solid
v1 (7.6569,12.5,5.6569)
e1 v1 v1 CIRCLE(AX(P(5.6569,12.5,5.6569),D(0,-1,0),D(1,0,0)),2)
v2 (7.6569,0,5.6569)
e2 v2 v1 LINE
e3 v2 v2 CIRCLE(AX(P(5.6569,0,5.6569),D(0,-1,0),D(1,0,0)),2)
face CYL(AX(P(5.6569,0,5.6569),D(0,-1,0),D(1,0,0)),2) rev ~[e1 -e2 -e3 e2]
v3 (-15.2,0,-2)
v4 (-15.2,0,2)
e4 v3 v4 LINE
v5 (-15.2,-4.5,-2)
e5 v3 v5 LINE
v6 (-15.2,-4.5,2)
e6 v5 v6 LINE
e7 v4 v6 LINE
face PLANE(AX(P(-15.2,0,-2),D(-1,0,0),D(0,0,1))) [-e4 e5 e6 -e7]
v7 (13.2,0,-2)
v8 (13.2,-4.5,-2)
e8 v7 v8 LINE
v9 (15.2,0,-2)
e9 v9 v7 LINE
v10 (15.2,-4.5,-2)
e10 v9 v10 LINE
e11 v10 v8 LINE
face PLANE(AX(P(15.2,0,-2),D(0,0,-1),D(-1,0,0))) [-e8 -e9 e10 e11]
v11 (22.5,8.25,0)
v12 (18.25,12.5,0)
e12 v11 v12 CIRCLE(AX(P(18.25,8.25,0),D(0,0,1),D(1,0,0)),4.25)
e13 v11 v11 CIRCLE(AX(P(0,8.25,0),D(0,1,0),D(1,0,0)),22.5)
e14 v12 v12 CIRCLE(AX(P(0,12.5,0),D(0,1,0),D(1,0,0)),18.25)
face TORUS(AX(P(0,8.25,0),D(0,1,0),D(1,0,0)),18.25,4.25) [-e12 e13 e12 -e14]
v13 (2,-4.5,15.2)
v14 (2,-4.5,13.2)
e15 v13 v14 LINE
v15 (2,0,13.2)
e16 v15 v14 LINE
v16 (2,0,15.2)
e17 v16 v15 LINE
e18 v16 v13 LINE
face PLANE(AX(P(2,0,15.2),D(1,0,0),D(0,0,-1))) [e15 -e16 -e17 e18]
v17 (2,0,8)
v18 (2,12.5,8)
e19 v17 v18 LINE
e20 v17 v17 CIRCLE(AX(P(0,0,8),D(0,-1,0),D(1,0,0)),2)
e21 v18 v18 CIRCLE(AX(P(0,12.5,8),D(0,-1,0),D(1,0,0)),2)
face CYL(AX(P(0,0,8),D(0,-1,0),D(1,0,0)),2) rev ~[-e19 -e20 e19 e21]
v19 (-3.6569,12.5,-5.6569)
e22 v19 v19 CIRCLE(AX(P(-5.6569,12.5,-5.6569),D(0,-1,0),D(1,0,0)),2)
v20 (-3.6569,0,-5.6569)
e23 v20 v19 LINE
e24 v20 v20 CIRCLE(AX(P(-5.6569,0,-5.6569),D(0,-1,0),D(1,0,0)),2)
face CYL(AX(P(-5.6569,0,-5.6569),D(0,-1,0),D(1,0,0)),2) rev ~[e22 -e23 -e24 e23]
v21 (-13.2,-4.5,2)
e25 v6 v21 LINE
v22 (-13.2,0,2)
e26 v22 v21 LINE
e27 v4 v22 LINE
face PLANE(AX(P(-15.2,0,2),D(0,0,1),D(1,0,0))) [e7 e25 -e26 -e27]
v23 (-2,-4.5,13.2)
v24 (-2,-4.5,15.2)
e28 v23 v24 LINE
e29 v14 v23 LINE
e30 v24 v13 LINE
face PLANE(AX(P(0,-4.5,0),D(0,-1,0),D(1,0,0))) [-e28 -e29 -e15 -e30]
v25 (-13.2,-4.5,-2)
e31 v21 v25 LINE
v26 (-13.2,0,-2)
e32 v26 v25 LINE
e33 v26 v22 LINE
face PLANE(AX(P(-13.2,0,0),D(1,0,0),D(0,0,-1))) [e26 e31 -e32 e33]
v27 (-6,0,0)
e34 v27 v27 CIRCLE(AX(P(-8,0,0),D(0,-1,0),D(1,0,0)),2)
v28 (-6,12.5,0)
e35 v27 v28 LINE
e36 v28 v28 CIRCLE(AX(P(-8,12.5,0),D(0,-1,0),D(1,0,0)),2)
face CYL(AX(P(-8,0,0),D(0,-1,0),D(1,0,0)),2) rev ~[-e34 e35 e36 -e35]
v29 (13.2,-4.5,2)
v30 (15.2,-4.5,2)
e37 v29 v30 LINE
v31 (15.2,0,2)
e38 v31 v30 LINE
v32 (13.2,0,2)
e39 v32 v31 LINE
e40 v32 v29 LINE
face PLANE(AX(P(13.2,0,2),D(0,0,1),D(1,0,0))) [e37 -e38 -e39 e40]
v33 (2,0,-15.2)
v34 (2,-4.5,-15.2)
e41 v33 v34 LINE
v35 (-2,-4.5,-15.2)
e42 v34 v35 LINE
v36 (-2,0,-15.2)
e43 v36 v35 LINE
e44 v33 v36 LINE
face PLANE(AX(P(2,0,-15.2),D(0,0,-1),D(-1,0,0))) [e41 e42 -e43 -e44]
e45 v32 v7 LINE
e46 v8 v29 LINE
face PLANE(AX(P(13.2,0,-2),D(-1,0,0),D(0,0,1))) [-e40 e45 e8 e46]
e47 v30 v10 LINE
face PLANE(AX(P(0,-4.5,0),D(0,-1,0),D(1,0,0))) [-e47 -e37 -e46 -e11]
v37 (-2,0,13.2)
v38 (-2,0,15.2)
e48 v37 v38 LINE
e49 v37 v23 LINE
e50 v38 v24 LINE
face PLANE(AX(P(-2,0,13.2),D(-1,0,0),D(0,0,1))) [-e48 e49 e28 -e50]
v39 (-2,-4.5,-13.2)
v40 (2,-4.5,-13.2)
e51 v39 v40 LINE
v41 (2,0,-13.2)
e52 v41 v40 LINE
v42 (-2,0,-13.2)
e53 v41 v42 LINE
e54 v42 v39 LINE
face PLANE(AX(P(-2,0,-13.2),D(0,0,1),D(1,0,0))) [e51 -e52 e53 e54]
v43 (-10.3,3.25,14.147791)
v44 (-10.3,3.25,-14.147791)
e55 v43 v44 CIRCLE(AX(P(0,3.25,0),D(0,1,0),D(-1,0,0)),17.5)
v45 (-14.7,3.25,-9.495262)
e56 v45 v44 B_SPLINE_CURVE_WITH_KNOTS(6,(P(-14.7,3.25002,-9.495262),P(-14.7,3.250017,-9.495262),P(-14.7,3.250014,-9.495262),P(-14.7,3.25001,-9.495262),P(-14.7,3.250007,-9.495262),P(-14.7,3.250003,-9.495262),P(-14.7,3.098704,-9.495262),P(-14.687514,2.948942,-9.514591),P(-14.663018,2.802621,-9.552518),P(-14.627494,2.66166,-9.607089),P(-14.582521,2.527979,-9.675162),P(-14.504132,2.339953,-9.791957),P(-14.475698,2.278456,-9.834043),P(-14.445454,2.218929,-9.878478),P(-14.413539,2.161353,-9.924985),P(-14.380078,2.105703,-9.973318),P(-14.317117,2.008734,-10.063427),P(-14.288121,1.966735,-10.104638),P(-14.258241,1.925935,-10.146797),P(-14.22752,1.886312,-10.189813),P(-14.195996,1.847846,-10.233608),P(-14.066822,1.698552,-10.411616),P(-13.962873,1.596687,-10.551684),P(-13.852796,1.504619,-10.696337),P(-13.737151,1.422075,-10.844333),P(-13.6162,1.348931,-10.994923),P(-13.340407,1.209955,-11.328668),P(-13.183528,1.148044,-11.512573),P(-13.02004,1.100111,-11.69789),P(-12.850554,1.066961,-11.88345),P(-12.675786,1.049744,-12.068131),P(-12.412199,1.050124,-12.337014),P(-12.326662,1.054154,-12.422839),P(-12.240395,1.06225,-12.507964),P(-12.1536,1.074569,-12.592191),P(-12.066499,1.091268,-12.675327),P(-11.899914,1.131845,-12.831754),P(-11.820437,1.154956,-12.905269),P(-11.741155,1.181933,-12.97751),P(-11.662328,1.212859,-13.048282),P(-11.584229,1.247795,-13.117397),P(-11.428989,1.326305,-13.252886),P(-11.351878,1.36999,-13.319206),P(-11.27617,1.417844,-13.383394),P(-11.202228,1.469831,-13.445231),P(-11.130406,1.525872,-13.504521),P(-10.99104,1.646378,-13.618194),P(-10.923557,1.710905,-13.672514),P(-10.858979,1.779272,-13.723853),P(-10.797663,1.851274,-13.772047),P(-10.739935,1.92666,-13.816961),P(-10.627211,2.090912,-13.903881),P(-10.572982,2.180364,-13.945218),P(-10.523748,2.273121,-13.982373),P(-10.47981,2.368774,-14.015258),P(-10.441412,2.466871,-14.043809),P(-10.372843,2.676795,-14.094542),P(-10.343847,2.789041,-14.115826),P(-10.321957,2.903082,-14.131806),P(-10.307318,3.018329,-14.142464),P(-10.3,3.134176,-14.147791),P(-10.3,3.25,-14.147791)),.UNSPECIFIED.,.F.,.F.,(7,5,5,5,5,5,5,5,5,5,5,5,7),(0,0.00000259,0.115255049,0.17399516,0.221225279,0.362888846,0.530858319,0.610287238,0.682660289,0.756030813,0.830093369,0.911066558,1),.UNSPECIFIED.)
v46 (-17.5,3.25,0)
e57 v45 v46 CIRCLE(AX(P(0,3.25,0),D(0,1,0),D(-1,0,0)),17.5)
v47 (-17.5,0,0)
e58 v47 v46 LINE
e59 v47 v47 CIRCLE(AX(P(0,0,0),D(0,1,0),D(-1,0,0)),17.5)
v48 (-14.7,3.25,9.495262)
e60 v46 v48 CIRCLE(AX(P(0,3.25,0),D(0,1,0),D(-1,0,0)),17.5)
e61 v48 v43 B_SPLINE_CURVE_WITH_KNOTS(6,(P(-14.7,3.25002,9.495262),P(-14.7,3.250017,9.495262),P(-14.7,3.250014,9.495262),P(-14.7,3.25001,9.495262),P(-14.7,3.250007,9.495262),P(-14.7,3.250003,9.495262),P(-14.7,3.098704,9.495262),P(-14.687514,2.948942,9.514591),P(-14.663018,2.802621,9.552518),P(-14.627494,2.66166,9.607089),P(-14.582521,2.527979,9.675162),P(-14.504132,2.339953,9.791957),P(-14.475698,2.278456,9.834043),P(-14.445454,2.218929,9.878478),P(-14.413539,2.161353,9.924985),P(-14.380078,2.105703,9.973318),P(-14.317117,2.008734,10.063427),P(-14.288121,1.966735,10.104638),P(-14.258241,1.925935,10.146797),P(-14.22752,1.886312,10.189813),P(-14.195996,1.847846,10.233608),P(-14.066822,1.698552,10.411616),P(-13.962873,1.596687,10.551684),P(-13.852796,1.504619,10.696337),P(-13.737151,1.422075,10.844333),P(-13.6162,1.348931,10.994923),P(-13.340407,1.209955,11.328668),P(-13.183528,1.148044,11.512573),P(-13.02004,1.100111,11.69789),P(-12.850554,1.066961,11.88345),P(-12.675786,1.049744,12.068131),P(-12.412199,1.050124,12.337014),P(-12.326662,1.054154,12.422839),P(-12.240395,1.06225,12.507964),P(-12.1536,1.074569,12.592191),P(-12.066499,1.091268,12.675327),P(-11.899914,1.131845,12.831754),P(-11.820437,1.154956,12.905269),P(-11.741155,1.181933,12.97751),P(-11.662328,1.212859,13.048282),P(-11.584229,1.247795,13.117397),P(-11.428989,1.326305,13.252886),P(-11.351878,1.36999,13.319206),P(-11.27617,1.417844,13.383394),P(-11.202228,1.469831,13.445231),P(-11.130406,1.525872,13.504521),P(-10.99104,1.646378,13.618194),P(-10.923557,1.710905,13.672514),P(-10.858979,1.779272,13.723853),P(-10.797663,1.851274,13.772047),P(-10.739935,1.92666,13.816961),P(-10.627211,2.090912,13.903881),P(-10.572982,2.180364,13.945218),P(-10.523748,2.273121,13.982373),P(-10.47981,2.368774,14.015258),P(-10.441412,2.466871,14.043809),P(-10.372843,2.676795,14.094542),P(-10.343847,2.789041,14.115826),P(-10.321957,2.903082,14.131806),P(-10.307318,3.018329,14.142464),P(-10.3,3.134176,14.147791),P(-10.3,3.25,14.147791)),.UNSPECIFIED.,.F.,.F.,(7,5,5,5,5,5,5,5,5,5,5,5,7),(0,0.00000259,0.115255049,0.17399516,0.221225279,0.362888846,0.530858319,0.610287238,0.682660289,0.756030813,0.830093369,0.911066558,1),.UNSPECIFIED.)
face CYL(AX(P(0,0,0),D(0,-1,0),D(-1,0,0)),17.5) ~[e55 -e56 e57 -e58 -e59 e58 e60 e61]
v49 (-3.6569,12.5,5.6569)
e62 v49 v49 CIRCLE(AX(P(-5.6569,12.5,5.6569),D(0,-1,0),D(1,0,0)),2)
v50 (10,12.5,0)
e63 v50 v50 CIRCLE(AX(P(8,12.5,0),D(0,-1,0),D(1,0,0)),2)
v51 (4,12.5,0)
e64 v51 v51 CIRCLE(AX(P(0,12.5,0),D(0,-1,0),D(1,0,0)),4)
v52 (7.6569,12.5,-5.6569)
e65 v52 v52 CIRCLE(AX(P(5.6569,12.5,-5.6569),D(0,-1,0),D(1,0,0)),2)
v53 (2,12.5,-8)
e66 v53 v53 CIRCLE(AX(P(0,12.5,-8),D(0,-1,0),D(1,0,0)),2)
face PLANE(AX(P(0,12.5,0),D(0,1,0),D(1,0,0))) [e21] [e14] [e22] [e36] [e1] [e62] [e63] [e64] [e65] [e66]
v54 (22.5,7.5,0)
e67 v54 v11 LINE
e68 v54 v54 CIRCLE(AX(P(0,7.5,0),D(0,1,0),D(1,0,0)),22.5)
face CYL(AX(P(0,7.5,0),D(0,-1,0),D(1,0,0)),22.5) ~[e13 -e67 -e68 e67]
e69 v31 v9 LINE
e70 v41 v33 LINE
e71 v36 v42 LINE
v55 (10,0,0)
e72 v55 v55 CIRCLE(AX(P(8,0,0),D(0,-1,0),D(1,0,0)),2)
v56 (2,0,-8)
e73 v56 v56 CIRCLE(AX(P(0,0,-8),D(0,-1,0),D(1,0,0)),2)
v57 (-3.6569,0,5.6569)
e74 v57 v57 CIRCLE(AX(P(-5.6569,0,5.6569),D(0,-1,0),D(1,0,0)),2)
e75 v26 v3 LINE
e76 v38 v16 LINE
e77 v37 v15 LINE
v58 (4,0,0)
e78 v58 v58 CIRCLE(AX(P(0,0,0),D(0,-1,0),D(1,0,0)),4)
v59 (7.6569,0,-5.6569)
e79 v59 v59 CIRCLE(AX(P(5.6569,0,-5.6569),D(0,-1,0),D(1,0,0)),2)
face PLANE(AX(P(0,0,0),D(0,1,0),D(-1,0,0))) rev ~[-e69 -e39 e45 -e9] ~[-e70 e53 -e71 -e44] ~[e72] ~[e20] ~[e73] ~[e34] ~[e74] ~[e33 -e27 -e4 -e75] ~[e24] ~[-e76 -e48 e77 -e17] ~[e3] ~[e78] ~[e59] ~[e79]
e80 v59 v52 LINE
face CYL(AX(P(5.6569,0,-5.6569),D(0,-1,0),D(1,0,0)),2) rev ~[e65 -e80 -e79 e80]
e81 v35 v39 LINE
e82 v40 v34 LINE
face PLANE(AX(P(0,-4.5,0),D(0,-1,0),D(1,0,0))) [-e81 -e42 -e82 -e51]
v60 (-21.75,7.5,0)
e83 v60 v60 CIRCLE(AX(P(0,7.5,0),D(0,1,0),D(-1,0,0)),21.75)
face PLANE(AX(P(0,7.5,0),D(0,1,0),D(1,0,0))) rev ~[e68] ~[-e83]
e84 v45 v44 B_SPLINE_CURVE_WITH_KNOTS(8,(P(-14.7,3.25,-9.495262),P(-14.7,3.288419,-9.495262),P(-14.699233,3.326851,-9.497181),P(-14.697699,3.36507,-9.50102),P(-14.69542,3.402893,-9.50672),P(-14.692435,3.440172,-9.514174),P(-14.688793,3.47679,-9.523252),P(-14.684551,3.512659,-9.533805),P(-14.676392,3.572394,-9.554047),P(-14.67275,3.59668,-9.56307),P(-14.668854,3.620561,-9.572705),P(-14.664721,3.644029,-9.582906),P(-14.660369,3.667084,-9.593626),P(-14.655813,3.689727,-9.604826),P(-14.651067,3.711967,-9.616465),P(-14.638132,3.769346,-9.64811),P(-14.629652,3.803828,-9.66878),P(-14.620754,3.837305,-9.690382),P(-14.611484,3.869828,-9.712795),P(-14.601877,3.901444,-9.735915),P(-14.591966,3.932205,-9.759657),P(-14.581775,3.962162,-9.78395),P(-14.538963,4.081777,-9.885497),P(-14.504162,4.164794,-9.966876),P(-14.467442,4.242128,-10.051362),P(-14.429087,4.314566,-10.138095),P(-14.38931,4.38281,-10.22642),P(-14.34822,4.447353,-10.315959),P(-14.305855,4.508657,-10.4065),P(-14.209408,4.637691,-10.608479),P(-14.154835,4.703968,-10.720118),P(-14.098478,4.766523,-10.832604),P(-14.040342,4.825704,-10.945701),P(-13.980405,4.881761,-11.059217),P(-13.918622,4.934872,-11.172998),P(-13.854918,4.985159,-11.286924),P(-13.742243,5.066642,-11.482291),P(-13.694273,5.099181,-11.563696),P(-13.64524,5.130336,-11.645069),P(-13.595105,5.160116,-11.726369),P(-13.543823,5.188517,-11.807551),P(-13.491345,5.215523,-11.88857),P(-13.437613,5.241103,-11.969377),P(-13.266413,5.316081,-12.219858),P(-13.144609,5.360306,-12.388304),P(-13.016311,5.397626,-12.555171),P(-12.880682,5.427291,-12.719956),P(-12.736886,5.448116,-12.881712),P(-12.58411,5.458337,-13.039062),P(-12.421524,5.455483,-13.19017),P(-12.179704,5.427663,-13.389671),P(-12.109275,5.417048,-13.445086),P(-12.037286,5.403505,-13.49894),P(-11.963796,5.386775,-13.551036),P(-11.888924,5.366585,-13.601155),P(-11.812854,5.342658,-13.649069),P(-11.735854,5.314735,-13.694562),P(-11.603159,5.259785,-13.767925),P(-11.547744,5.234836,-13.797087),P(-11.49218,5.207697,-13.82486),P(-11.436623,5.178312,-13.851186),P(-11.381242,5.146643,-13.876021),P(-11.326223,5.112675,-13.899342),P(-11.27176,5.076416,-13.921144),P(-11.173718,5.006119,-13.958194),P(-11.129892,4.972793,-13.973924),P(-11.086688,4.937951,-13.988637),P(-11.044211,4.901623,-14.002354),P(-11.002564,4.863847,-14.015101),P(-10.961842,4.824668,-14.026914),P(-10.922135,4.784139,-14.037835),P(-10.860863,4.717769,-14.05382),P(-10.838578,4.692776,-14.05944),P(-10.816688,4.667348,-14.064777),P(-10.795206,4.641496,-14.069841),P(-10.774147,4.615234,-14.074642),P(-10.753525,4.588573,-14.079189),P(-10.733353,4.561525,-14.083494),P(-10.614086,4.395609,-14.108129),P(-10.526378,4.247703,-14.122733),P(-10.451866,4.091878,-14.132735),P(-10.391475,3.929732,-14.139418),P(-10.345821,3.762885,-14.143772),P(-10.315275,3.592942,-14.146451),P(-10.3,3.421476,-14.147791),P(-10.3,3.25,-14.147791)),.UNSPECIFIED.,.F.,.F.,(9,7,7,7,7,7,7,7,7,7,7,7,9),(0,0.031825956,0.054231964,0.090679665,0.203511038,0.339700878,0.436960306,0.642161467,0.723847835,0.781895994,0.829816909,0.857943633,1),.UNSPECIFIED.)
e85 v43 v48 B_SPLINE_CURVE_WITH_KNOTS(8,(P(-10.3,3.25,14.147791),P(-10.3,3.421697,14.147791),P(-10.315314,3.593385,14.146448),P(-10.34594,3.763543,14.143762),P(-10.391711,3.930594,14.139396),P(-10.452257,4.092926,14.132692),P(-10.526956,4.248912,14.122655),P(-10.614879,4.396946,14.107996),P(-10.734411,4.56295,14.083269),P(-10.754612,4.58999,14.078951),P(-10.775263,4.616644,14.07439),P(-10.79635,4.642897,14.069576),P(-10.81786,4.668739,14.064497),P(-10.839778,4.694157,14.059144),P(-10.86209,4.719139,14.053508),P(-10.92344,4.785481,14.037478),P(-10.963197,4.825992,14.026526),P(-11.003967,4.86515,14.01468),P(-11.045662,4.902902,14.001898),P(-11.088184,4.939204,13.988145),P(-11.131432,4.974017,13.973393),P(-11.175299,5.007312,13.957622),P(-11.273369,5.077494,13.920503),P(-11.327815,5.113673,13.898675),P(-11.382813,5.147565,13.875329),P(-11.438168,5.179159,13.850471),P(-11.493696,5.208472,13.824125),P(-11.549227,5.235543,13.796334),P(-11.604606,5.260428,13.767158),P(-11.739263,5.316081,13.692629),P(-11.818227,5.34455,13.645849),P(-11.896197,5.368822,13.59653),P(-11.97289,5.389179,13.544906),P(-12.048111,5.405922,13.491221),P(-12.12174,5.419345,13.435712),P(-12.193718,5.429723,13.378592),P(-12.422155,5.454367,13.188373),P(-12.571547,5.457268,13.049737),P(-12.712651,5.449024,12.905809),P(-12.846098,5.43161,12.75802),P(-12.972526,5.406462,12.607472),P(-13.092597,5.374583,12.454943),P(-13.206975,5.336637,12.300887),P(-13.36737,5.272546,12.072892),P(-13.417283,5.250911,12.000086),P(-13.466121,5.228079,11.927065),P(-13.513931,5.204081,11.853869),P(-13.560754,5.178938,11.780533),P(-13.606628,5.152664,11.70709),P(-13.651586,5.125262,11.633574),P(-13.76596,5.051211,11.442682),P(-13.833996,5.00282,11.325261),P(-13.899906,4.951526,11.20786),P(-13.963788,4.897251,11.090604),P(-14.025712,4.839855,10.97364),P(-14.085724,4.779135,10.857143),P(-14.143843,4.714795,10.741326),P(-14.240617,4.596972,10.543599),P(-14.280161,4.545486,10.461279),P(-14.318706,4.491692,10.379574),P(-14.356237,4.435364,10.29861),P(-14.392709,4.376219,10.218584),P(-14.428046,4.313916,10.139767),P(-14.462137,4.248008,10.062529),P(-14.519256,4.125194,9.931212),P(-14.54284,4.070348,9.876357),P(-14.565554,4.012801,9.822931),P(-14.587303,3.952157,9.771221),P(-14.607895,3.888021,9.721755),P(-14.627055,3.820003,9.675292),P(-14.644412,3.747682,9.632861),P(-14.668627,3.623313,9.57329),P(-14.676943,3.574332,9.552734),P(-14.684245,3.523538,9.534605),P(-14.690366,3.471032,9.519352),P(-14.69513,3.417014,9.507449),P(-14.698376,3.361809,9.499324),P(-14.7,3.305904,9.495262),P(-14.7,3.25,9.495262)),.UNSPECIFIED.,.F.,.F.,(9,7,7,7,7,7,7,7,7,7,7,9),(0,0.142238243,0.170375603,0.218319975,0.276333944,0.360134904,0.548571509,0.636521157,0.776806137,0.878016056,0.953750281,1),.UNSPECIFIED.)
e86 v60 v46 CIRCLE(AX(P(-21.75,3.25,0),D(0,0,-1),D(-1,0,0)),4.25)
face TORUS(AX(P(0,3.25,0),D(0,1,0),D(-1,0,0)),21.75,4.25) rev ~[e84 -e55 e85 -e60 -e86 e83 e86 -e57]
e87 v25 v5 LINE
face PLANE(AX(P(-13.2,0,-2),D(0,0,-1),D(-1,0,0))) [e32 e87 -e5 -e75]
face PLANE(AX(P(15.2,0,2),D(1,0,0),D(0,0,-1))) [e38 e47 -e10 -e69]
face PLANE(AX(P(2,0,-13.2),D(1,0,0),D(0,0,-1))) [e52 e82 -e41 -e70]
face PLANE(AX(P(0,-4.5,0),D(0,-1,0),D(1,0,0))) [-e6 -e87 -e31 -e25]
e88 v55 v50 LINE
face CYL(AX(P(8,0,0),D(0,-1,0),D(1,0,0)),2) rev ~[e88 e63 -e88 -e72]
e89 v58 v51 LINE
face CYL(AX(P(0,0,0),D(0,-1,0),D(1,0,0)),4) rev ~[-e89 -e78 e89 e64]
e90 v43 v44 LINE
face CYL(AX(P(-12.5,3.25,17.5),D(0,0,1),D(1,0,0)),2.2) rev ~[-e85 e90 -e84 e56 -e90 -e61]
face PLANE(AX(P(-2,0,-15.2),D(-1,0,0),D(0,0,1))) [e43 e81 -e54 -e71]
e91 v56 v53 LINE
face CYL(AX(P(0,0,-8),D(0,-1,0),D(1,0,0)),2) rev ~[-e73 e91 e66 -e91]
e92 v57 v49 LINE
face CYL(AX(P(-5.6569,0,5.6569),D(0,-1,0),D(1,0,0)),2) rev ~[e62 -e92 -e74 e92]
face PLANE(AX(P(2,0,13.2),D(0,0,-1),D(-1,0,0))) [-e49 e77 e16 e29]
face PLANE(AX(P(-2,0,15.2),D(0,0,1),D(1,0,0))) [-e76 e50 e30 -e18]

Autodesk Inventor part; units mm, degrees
ref_plane "YZ Plane" through (0, 0, 0) normal (1, 0, 0) x (0, 1, 0)
ref_plane "XZ Plane" through (0, 0, 0) normal (0, 1, 0) x (-1, 0, 0)
ref_plane "XY Plane" through (0, 0, 0) normal (0, 0, 1) x (1, 0, 0)
sketch "Эскиз1" plane through (0, 0, 0) normal (0, 1, 0) x (-1, 0, 0)
  circle A0 centre (0, 0) radius 17.5
  dimension "d0" = 35
extrude "Выдавливание1" add sketch "Эскиз1" along normal blind 7.5
sketch "Эскиз2" plane through (0, 7.5, 0) normal (0, 1, 0) x (1, 0, 0)
  circle A0 centre (0, 0) radius 22.5
  dimension "d3" = 45
extrude "Выдавливание2" add sketch "Эскиз2" along normal blind 5
fillet "Сопряжение1" radius 4.25 1 edges at (17.5, 7.5, 0)
fillet "Сопряжение2" radius 4.25 1 edges at (-22.5, 12.5, 0)
sketch "Эскиз3" plane through (0, 0, 0) normal (0, -1, 0) x (1, 0, 0)
  line L0 (-24.85, 5.95) -> (-15.15, 5.95)
  line L1 (-15.15, 5.95) -> (-15.15, -5.95)
  line L2 (-15.15, -5.95) -> (-24.85, -5.95)
  line L3 (-24.85, -5.95) -> (-24.85, 5.95)
  line L4 (-4.7, 15.3) -> (-4.7, 25)
  line L5 (-4.7, 25) -> (5, 25)
  line L6 (5, 25) -> (5, 15.3)
  line L7 (5, 15.3) -> (-4.7, 15.3)
  line L8 (5, -15.3) -> (5, -25)
  line L9 (5, -25) -> (-4.7, -25)
  line L10 (-4.7, -25) -> (-4.7, -15.3)
  line L11 (-4.7, -15.3) -> (5, -15.3)
  line L12 (15.15, 5.95) -> (24.85, 5.95)
  line L13 (24.85, 5.95) -> (24.85, -5.95)
  line L14 (24.85, -5.95) -> (15.15, -5.95)
  line L15 (15.15, -5.95) -> (15.15, 5.95)
  circle A0 centre (0, 8) radius 2
  circle A1 centre (-5.6569, -5.6569) radius 2
  circle A2 centre (0, -8) radius 2
  circle A3 centre (0, 0) radius 4
  circle A4 centre (8, 0) radius 2
  circle A5 centre (-8, 0) radius 2
  circle A6 centre (5.6569, -5.6569) radius 2
  circle A7 centre (-5.6569, 5.6569) radius 2
  circle A8 centre (5.6569, 5.6569) radius 2
  circle A9 centre (0, 0) radius 35
extrude "Выдавливание3" cut sketch "Эскиз3" against normal through all contours A0 | A1 | A2 | A3 | A4 | A5 | A6 | A7 | A8
sketch "Эскиз4" plane through (0, 0, 0) normal (0, -1, 0) x (1, 0, 0)
  circle A0 centre (-8, 0) radius 2 projected
  line L0 (-8, 0) -> (-13.2, 0)
  line L1 (-13.2, 0) -> (-13.2, -2)
  line L2 (-13.2, -2) -> (-15.2, -2)
  line L3 (-15.2, -2) -> (-15.2, 2)
  line L4 (-15.2, 2) -> (-13.2, 2)
  line L5 (-13.2, 2) -> (-13.2, 0)
  line L6 (2, -15.2) -> (-2, -15.2)
  line L7 (2, -13.2) -> (2, -15.2)
  line L8 (-2, -13.2) -> (0, -13.2)
  line L9 (0, -13.2) -> (2, -13.2)
  line L10 (-2, -15.2) -> (-2, -13.2)
  line L11 (15.2, 2) -> (15.2, -2)
  line L12 (13.2, 2) -> (15.2, 2)
  line L13 (13.2, -2) -> (13.2, 0)
  line L14 (13.2, 0) -> (13.2, 2)
  line L15 (15.2, -2) -> (13.2, -2)
  line L16 (-2, 15.2) -> (2, 15.2)
  line L17 (-2, 13.2) -> (-2, 15.2)
  line L18 (2, 13.2) -> (0, 13.2)
  line L19 (0, 13.2) -> (-2, 13.2)
  line L20 (2, 15.2) -> (2, 13.2)
  point P0 (0, 0)
  dimension "d10" = 5.2
  dimension "d11" = 2
  dimension "d12" = 4
  dimension "d15" = 360
extrude "Выдавливание4" add sketch "Эскиз4" along normal blind 4.5 contours L1 L2 L3 L4 L5 | L6 L10 L8 L9 L7 | L11 L15 L13 L14 L12 | L16 L20 L18 L19 L17
sketch "Эскиз6" plane through (0, 0, 0) normal (0, -1, 0) x (1, 0, 0)
  circle A0 centre (0, 0) radius 17.5 projected
  point P0 (0, 17.5)
ref_plane "РабПлоскость1" through (0, 0, 17.5) normal (0, 0, 1) x (1, 0, 0)
sketch "Эскиз7" plane through (0, 0, 17.5) normal (0, 0, 1) x (1, 0, 0)
  line L0 (17.5, 3.25) -> (-17.5, 3.25) projected
  circle A0 centre (-12.5, 3.25) radius 2.2
  line L1 (-17.5, 0) -> (-17.5, 3.25) projected
  dimension "d22" = 4.4
  dimension "d23" = 5
extrude "Выдавливание5" cut sketch "Эскиз7" against normal through all
properties part number "мини катушка3"
